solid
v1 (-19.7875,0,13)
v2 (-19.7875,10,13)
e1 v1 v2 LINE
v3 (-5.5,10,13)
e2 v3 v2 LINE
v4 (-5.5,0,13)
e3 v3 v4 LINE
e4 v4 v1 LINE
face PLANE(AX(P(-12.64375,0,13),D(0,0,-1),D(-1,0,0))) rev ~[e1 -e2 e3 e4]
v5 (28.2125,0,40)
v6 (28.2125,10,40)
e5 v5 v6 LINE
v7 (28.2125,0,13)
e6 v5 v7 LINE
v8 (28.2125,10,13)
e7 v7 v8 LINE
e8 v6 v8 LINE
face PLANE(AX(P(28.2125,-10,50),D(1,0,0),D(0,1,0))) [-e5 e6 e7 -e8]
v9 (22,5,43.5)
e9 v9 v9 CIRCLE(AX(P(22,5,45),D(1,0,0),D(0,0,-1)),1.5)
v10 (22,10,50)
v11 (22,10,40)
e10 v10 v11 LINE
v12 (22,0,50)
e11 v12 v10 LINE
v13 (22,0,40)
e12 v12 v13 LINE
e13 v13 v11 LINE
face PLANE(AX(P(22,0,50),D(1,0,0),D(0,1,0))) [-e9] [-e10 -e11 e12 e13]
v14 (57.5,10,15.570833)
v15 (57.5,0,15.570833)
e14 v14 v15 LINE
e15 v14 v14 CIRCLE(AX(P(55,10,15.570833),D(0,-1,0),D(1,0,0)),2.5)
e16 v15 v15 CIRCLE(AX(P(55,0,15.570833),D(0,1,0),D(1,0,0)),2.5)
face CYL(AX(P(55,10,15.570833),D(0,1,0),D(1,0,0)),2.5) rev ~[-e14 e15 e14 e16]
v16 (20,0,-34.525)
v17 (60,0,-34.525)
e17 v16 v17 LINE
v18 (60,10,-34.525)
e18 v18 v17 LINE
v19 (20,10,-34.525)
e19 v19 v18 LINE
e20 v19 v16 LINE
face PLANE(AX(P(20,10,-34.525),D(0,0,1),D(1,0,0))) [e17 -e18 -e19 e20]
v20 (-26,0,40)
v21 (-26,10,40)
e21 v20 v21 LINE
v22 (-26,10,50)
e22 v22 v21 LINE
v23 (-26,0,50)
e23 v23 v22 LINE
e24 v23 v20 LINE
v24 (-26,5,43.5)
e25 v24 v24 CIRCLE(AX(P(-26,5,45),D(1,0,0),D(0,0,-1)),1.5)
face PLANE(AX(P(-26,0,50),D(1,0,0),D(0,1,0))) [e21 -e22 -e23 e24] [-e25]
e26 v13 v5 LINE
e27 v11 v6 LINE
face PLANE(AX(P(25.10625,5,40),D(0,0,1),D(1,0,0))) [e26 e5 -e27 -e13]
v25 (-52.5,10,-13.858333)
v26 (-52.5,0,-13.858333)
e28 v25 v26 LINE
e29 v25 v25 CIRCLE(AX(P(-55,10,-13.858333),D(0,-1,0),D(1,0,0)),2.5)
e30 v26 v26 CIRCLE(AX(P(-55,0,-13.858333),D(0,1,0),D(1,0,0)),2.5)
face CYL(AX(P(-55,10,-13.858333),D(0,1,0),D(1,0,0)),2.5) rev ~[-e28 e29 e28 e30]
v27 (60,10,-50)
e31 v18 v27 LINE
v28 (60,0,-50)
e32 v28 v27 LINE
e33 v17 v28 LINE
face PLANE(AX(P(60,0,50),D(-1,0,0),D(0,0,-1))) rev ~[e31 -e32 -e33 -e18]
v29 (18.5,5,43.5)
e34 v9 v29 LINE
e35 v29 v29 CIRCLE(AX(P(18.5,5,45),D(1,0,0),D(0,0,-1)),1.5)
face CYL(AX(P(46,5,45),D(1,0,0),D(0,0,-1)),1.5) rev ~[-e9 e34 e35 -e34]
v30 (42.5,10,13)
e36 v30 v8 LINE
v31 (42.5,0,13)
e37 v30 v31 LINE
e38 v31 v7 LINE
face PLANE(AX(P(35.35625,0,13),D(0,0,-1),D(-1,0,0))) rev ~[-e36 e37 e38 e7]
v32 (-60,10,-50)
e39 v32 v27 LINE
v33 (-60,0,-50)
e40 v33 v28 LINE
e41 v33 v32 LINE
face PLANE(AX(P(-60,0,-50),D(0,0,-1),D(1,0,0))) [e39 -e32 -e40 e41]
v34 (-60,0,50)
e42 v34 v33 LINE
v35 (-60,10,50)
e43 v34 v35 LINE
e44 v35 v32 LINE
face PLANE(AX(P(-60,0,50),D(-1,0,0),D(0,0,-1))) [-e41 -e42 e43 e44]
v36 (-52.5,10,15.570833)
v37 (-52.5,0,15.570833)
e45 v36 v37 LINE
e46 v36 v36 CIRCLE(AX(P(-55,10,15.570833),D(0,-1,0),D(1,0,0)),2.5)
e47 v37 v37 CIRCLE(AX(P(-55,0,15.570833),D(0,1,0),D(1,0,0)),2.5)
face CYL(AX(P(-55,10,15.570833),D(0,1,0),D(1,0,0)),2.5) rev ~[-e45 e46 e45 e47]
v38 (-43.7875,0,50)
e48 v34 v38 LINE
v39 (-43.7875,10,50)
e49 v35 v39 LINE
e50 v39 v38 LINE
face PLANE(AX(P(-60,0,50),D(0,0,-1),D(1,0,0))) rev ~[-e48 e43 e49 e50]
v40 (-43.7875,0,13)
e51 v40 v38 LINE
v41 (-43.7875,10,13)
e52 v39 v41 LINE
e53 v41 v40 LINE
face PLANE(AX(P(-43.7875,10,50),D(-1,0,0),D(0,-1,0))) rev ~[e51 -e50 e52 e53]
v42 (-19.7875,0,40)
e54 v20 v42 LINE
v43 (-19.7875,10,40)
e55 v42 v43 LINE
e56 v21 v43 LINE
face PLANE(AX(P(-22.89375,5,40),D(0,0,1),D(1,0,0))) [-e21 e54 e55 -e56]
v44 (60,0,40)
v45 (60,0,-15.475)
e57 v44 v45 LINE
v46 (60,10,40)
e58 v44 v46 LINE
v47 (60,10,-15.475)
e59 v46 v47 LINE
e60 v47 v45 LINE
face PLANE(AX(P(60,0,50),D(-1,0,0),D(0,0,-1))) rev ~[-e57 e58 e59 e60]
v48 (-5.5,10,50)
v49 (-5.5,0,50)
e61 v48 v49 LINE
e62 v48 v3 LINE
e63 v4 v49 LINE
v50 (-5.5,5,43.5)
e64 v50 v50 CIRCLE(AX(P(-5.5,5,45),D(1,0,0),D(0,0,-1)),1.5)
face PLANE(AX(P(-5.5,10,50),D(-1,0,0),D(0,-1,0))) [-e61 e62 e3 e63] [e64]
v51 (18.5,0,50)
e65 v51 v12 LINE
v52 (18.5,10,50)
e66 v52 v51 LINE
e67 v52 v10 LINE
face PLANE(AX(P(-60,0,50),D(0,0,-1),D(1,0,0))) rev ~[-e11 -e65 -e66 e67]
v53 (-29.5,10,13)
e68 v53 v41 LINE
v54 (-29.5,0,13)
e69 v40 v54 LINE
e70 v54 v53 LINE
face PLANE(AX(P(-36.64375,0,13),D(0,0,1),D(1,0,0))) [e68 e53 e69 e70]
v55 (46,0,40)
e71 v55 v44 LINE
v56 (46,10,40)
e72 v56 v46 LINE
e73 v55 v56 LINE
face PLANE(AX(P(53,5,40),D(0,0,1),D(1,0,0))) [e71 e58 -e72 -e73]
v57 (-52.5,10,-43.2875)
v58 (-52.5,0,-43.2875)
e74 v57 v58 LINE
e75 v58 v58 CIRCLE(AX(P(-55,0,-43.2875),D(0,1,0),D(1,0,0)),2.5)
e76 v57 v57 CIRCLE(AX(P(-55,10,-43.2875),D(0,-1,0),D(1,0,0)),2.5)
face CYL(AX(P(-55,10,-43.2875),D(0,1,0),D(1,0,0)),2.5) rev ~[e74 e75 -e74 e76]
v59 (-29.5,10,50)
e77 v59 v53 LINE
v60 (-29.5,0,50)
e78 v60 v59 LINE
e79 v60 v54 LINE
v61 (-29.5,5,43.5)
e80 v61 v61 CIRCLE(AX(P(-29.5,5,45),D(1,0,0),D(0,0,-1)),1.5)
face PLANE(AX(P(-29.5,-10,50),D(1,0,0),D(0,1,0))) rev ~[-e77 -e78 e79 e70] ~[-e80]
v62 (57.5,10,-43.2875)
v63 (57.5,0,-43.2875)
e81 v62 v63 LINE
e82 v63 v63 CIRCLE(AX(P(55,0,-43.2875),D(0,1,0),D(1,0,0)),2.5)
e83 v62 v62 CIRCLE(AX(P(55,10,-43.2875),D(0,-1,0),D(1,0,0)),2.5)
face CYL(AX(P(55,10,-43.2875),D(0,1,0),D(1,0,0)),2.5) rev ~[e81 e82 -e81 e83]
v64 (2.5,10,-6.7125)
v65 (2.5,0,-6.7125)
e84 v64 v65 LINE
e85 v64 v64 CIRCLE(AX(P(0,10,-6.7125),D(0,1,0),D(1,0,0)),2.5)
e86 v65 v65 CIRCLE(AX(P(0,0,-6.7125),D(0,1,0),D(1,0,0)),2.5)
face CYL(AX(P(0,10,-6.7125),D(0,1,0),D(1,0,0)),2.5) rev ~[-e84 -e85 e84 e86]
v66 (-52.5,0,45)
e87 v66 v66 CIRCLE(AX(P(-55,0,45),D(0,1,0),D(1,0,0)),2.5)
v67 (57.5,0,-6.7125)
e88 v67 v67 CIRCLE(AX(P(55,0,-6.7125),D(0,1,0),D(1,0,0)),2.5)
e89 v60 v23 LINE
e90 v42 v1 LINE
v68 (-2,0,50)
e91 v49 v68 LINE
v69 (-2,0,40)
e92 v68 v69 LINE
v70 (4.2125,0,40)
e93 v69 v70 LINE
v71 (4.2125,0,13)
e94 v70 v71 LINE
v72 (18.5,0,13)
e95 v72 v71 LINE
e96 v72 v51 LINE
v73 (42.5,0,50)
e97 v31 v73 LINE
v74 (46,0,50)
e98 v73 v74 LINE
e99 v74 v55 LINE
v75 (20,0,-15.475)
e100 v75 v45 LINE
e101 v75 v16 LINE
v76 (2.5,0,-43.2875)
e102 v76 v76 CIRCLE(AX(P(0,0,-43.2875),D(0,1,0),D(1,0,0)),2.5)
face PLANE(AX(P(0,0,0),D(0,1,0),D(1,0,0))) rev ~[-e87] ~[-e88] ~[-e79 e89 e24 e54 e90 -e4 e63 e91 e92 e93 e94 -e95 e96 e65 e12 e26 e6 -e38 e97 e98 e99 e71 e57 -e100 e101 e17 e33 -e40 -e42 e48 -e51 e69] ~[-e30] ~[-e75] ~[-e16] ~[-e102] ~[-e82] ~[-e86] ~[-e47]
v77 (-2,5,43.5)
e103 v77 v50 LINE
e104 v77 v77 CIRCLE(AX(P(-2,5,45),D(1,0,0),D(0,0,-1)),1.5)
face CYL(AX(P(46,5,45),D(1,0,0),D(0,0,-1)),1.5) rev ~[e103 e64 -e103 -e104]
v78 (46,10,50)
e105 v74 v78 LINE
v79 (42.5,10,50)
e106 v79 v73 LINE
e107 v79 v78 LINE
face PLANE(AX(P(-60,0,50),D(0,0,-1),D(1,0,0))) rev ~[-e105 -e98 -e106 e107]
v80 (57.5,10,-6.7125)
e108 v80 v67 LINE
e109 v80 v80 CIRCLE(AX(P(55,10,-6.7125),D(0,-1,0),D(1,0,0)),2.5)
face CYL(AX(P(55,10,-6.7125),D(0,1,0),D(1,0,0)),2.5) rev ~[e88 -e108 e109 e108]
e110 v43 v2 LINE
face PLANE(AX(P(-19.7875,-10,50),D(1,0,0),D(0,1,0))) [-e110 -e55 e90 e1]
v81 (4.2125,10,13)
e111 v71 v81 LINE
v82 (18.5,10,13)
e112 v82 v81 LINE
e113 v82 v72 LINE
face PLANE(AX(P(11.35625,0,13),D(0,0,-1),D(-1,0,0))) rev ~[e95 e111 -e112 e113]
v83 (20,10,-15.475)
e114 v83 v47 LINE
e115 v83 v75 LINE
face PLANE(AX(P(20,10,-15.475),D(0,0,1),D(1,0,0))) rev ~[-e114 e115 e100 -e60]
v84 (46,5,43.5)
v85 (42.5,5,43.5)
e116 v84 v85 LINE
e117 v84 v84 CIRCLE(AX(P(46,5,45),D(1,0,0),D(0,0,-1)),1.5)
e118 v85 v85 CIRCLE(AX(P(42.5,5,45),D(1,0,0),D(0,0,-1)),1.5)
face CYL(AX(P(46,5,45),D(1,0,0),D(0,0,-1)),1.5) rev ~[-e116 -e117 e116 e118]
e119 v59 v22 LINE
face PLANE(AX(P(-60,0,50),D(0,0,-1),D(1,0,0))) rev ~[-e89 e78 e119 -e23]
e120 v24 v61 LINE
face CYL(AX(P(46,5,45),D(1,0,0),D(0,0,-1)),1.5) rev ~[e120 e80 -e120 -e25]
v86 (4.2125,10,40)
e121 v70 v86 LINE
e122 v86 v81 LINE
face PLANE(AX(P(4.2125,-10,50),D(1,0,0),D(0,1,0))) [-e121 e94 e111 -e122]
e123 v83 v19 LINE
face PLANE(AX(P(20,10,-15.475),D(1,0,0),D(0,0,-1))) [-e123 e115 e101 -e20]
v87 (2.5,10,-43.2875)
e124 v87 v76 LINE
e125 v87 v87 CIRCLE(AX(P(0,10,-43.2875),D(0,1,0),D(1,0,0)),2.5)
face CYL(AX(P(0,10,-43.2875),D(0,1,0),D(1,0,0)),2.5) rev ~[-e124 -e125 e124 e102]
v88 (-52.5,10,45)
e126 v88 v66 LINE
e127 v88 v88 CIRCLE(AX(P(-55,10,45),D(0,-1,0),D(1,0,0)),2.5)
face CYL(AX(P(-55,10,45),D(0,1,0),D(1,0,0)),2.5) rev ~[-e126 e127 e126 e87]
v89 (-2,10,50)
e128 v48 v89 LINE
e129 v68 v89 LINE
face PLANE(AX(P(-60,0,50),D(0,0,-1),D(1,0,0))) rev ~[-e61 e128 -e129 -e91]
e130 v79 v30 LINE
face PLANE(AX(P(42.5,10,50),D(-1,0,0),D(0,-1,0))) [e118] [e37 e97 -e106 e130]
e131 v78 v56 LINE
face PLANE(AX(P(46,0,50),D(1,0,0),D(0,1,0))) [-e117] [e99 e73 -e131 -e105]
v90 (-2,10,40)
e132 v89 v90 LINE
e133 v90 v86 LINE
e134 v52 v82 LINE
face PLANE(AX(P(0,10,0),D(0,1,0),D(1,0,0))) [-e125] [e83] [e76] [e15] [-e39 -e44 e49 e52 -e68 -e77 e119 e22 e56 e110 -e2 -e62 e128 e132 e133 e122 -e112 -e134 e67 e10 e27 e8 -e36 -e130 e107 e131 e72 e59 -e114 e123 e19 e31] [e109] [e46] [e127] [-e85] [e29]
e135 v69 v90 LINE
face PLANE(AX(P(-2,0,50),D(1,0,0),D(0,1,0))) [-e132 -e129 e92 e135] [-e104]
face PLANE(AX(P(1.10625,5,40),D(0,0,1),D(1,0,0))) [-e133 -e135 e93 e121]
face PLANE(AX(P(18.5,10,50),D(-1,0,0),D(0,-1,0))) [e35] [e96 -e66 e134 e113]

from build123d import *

# Parameters (mm, degrees)
SKETCH1_W                 = 120
SKETCH1_H                 = 100
BOSS_EXTRUDE1_DEPTH       = 10
CUT_EXTRUDE1_DEPTH        = 37
SKETCH3_W                 = 6.2125
SKETCH3_H                 = 10
SKETCH3_W_2               = 14
CUT_EXTRUDE2_DEPTH        = 10
SKETCH4_R                 = 1.5
CUT_EXTRUDE3_DEPTH        = 75.5
SKETCH7_R                 = 2.5
SKETCH7_W                 = 40
SKETCH7_H                 = 19.05
CUT_EXTRUDE4_DEPTH        = 20
SKETCH10_R                = 2.5
CUT_EXTRUDE5_DEPTH        = 10
F_5_0MM_DOWEL_HOLE1_D     = 5
F_5_0MM_DOWEL_HOLE1_DEPTH = 25
F_5_0MM_DOWEL_HOLE1_TIP   = 1.502151548


with BuildPart() as part:
    # Sketch1 → Boss-Extrude1 (new body)
    with BuildSketch(Plane(origin=(0, 0, 0), x_dir=(1, 0, 0), z_dir=(0, 1, 0))):
        Rectangle(SKETCH1_W, SKETCH1_H)
    extrude(amount=BOSS_EXTRUDE1_DEPTH)

    # Sketch2 → Cut-Extrude1 (cut)
    with BuildSketch(Plane.XY.offset(50)):
        Polygon((-42.5, 10), (-43.7875, 10), (-43.7875, -10), (-42.5, -10), (-29.5, -10), (-29.5, 10), align=None)
        Polygon((-5.5, -10), (-18.5, -10), (-19.7875, -10), (-19.7875, 10), (-18.5, 10), (-5.5, 10), align=None)
        Polygon((18.5, -10), (5.5, -10), (4.2125, -10), (4.2125, 10), (5.5, 10), (18.5, 10), align=None)
        Polygon((42.5, -10), (29.5, -10), (28.2125, -10), (28.2125, 10), (29.5, 10), (42.5, 10), align=None)
    extrude(amount=-CUT_EXTRUDE1_DEPTH, mode=Mode.SUBTRACT)

    # Sketch3 → Cut-Extrude2 (cut)
    with BuildSketch(Plane.XY.offset(50)):
        with Locations((-22.89375, 5)):
            Rectangle(SKETCH3_W, SKETCH3_H)
        with Locations((1.10625, 5)):
            Rectangle(SKETCH3_W, SKETCH3_H)
        with Locations((25.10625, 5)):
            Rectangle(SKETCH3_W, SKETCH3_H)
        with Locations((53, 5)):
            Rectangle(SKETCH3_W_2, SKETCH3_H)
    extrude(amount=-CUT_EXTRUDE2_DEPTH, mode=Mode.SUBTRACT)

    # Sketch4 → Cut-Extrude3 (cut)
    with BuildSketch(Plane(origin=(46, 0, 0), x_dir=(0, 0, -1), z_dir=(1, 0, 0))):
        with Locations((-45, 5)):
            Circle(SKETCH4_R)
    extrude(amount=-CUT_EXTRUDE3_DEPTH, mode=Mode.SUBTRACT)

    # Sketch7 → Cut-Extrude4 (cut)
    with BuildSketch(Plane(origin=(0, 10, 0), x_dir=(1, 0, 0), z_dir=(0, 1, 0))):
        with Locations((55, 6.7125)):
            Circle(SKETCH7_R)
        with Locations((55, 43.2875)):
            Circle(SKETCH7_R)
        with Locations((0, 43.2875)):
            Circle(SKETCH7_R)
        with Locations((0, 6.7125)):
            Circle(SKETCH7_R)
        with Locations((40, 25)):
            Rectangle(SKETCH7_W, SKETCH7_H)
    extrude(amount=-CUT_EXTRUDE4_DEPTH, mode=Mode.SUBTRACT)

    # Sketch10 → Cut-Extrude5 (cut)
    with BuildSketch(Plane(origin=(0, 10, 0), x_dir=(1, 0, 0), z_dir=(0, 1, 0))):
        with Locations((-55, 43.2875)):
            Circle(SKETCH10_R)
        with Locations((55, 43.2875)):
            Circle(SKETCH10_R)
        with Locations((55, 6.7125)):
            Circle(SKETCH10_R)
        with Locations((-55, 13.858333333)):
            Circle(SKETCH10_R)
        with Locations((-55, -15.570833333)):
            Circle(SKETCH10_R)
        with Locations((-55, -45)):
            Circle(SKETCH10_R)
        with Locations((55, -15.570833333)):
            Circle(SKETCH10_R)
    extrude(amount=-CUT_EXTRUDE5_DEPTH, mode=Mode.SUBTRACT)

    # Ø5.0mm Dowel Hole1
    with Locations(Plane(origin=(-676.293536786, 10, -1303.282701689), x_dir=(1, 0, 0), z_dir=(0, 1, 0))):
        with Locations((731.293536786, -1318.853535022), (621.293536786, -1318.853535022), (621.293536786, -1348.282701689), (621.293536786, -1259.995201689), (731.293536786, -1259.995201689), (731.293536786, -1296.570201689), (621.293536786, -1289.424368355)):
            Hole(F_5_0MM_DOWEL_HOLE1_D / 2, depth=F_5_0MM_DOWEL_HOLE1_DEPTH)
            with Locations((0, 0, -(F_5_0MM_DOWEL_HOLE1_DEPTH + F_5_0MM_DOWEL_HOLE1_TIP / 2))):  # 118° drill point
                Cone(0, F_5_0MM_DOWEL_HOLE1_D / 2, F_5_0MM_DOWEL_HOLE1_TIP, mode=Mode.SUBTRACT)


solid = part.part
